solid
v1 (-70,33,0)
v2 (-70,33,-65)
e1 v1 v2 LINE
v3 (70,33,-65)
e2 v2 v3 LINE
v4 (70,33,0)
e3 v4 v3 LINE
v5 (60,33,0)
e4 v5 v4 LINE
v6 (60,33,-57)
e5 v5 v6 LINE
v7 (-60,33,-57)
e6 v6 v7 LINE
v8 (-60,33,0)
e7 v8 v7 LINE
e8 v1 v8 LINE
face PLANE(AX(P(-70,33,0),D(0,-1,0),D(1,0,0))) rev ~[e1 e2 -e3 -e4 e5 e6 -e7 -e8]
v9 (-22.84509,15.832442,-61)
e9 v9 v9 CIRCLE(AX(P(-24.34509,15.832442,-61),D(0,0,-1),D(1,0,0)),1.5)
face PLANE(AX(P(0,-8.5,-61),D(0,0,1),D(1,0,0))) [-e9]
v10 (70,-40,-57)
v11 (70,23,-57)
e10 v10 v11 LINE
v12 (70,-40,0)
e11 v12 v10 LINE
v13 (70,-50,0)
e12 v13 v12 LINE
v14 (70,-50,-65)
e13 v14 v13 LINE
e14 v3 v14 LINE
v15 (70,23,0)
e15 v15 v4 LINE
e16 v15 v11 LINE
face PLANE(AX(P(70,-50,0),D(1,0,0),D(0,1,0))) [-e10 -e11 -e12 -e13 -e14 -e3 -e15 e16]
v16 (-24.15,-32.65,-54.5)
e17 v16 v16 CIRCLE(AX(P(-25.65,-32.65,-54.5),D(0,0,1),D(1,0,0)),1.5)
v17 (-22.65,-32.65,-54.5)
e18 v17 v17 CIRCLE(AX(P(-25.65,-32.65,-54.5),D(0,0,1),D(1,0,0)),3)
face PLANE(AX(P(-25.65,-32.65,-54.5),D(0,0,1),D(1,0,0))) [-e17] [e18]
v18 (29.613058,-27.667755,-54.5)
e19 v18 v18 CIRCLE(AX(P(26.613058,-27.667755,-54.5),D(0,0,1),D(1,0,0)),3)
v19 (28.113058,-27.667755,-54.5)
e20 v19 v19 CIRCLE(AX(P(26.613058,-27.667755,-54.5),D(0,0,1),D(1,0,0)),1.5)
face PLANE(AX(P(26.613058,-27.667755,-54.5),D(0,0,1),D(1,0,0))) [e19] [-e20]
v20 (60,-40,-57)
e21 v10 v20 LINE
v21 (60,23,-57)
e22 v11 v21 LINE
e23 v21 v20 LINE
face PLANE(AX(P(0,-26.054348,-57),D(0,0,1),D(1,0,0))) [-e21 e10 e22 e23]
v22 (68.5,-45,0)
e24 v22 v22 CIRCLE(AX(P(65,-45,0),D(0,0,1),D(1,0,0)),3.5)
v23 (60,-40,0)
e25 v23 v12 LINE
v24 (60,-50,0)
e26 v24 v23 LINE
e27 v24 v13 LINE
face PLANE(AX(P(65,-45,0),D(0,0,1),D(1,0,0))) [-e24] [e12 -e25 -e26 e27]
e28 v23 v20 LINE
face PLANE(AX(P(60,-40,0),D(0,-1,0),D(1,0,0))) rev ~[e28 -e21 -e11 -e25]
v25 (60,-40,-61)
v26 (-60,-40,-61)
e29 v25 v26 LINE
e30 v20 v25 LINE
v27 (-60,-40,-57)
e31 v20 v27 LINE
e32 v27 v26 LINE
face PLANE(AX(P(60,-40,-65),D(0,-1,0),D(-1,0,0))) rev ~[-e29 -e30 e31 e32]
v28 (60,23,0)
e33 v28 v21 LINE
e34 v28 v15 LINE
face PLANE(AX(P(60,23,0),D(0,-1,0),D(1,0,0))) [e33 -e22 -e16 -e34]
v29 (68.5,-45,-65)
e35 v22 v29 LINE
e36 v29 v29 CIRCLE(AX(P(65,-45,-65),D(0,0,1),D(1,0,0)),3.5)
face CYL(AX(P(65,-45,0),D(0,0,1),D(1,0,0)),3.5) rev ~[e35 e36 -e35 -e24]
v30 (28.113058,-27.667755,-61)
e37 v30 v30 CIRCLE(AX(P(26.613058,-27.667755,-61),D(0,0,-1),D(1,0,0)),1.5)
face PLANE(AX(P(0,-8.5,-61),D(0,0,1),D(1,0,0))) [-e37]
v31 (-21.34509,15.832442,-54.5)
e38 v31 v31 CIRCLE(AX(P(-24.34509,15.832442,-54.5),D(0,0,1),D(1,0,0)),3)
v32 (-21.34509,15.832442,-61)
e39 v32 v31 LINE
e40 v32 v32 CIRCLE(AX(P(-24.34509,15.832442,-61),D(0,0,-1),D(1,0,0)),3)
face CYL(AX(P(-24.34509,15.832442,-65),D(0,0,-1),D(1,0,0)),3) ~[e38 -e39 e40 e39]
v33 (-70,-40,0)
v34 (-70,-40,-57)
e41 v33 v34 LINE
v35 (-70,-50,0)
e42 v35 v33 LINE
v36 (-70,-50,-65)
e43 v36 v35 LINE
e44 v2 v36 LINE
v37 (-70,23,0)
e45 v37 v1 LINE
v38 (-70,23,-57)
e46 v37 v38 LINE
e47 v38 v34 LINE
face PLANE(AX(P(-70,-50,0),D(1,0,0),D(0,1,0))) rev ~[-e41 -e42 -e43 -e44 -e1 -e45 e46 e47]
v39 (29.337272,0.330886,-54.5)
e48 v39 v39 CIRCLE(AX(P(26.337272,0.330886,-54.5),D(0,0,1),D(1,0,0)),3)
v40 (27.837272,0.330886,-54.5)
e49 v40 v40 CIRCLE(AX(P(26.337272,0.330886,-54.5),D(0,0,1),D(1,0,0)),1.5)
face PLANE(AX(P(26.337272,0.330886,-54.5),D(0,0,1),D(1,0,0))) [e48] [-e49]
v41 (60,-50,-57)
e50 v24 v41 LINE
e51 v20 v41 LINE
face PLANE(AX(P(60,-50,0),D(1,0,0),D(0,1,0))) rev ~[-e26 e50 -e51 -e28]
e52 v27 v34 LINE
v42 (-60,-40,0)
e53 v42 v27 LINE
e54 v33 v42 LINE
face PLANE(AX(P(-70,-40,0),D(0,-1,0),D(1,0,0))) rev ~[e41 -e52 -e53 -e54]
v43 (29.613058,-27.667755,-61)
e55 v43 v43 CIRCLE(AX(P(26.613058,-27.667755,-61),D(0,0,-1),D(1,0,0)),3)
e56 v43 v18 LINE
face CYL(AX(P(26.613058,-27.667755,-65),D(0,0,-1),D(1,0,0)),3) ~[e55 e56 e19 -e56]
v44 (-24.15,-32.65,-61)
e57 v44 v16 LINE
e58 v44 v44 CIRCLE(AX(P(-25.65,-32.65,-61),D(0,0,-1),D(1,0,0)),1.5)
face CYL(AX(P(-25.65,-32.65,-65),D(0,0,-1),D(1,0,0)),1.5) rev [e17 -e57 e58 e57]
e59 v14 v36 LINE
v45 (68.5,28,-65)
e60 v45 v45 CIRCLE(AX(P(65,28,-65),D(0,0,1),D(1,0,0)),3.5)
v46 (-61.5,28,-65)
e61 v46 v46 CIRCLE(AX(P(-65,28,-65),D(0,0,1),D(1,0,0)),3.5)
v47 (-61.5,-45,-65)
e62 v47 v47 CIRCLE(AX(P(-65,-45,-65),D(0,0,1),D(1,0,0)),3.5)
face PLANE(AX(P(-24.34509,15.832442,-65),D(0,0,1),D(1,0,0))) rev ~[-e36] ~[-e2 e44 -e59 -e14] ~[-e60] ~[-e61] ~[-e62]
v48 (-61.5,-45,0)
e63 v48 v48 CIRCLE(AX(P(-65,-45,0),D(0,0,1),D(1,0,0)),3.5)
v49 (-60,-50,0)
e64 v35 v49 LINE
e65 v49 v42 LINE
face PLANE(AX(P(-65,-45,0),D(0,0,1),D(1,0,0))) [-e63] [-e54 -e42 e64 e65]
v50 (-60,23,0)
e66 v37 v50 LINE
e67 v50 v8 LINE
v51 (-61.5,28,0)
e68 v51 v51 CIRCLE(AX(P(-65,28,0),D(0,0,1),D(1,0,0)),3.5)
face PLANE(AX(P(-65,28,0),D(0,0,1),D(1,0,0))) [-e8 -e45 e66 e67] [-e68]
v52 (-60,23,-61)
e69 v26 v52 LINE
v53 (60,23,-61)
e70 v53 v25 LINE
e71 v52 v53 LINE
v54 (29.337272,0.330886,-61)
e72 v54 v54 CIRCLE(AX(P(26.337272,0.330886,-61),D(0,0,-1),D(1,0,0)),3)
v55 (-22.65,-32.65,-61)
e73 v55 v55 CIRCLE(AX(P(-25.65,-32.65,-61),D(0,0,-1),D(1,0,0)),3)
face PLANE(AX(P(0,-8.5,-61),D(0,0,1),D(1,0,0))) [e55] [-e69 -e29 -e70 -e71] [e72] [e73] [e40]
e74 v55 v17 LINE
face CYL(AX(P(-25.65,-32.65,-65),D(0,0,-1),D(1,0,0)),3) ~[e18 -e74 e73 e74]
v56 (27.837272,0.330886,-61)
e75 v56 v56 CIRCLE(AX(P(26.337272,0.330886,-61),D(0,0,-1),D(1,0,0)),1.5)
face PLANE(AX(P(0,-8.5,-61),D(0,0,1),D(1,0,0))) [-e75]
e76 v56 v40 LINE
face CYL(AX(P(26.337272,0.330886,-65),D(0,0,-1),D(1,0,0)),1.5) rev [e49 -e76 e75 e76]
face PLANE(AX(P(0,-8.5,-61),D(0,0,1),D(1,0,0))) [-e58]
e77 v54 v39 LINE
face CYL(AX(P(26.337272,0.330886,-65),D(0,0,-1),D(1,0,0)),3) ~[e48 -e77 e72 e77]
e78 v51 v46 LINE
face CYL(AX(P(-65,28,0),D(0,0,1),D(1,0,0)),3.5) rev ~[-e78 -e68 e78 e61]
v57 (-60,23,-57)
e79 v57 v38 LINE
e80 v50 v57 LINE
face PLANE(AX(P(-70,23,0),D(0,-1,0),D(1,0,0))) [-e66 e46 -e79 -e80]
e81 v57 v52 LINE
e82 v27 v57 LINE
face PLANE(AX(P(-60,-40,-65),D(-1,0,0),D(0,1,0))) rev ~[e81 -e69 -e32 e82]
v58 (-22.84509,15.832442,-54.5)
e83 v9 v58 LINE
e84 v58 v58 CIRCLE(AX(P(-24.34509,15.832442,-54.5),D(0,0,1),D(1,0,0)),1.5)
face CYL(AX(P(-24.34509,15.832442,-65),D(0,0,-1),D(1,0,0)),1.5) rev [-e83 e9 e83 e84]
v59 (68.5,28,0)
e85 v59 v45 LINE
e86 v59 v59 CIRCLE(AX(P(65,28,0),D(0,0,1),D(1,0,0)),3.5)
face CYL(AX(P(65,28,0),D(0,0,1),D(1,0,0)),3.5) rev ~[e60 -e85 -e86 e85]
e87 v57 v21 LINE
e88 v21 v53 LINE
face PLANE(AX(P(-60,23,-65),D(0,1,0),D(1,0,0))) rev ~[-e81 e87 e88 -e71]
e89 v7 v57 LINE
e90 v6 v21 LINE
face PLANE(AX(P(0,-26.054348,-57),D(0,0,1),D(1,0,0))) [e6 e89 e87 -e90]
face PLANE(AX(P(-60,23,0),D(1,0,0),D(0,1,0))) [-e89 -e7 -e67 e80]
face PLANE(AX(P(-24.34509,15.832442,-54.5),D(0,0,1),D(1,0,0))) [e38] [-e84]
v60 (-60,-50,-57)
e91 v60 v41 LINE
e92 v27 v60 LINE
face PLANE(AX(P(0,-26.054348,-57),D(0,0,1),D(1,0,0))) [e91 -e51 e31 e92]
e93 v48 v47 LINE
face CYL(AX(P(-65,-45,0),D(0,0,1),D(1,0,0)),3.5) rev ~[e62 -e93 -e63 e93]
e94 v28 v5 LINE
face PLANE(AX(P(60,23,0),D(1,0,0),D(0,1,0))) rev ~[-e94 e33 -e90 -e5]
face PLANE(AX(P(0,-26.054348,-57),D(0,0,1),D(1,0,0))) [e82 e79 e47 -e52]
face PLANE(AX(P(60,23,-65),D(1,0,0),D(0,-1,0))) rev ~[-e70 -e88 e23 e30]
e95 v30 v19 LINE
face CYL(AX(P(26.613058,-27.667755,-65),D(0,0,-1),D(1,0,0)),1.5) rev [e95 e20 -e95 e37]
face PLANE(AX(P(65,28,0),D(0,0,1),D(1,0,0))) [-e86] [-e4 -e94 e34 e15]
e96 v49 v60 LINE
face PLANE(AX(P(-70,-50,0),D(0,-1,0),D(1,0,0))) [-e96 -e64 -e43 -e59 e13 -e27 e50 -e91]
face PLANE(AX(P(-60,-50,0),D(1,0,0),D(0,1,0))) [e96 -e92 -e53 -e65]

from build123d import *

# Parameters (mm, degrees)
F0_W      = 10
F0_H      = 10
F1_DEPTH  = 65
F4_DEPTH  = 8
F5_W      = 140
F5_H      = 83
F6_DEPTH  = 4
F7_R      = 3
F7_R_2    = 1.5
F8_DEPTH  = 10.5
F9_R      = 3.5
F10_DEPTH = 70


with BuildPart() as f1:
    # F0 (on Top) → F1 (new body)
    with BuildSketch(Plane.XY):
        with Locations((-65, 28)):
            Rectangle(F0_W, F0_H)
        with Locations((65, 28)):
            Rectangle(F0_W, F0_H)
        with Locations((-65, -45)):
            Rectangle(F0_W, F0_H)
        with Locations((65, -45)):
            Rectangle(F0_W, F0_H)
    extrude(amount=-F1_DEPTH)

    # F3 (on offset) → F4 (join)
    with BuildSketch(Plane.XY.offset(-65)):
        Polygon((-70, -40), (-70, -50), (-60, -50), (60, -50), (70, -50), (70, -40), (70, 23), (60, 23), (60, -40), (-60, -40), (-60, 23), (-70, 23), align=None)
        Polygon((-70, 33), (-70, 23), (-60, 23), (60, 23), (70, 23), (70, 33), align=None)
    extrude(amount=F4_DEPTH)

    # F5 (on offset) → F6 (join)
    with BuildSketch(Plane.XY.offset(-65)):
        with Locations((0, -8.5)):
            Rectangle(F5_W, F5_H)
    extrude(amount=F6_DEPTH)

    # F7 (on offset) → F8 (join)
    with BuildSketch(Plane.XY.offset(-65)):
        with Locations((-24.34509, 15.832442)):
            Circle(F7_R)
        with Locations((-24.34509, 15.832442)):
            Circle(F7_R_2, mode=Mode.SUBTRACT)
        with Locations((26.337272, 0.330886)):
            Circle(F7_R)
        with Locations((26.337272, 0.330886)):
            Circle(F7_R_2, mode=Mode.SUBTRACT)
        with Locations((26.613058, -27.667755)):
            Circle(F7_R)
        with Locations((26.613058, -27.667755)):
            Circle(F7_R_2, mode=Mode.SUBTRACT)
        with Locations((-25.65, -32.65)):
            Circle(F7_R)
        with Locations((-25.65, -32.65)):
            Circle(F7_R_2, mode=Mode.SUBTRACT)
    extrude(amount=F8_DEPTH)

    # F9 (on Top) → F10 (cut)
    with BuildSketch(Plane.XY):
        with Locations((-65, 28)):
            Circle(F9_R)
        with Locations((-65, -45)):
            Circle(F9_R)
        with Locations((65, -45)):
            Circle(F9_R)
        with Locations((65, 28)):
            Circle(F9_R)
    extrude(amount=-F10_DEPTH, mode=Mode.SUBTRACT)


solid = f1.part
